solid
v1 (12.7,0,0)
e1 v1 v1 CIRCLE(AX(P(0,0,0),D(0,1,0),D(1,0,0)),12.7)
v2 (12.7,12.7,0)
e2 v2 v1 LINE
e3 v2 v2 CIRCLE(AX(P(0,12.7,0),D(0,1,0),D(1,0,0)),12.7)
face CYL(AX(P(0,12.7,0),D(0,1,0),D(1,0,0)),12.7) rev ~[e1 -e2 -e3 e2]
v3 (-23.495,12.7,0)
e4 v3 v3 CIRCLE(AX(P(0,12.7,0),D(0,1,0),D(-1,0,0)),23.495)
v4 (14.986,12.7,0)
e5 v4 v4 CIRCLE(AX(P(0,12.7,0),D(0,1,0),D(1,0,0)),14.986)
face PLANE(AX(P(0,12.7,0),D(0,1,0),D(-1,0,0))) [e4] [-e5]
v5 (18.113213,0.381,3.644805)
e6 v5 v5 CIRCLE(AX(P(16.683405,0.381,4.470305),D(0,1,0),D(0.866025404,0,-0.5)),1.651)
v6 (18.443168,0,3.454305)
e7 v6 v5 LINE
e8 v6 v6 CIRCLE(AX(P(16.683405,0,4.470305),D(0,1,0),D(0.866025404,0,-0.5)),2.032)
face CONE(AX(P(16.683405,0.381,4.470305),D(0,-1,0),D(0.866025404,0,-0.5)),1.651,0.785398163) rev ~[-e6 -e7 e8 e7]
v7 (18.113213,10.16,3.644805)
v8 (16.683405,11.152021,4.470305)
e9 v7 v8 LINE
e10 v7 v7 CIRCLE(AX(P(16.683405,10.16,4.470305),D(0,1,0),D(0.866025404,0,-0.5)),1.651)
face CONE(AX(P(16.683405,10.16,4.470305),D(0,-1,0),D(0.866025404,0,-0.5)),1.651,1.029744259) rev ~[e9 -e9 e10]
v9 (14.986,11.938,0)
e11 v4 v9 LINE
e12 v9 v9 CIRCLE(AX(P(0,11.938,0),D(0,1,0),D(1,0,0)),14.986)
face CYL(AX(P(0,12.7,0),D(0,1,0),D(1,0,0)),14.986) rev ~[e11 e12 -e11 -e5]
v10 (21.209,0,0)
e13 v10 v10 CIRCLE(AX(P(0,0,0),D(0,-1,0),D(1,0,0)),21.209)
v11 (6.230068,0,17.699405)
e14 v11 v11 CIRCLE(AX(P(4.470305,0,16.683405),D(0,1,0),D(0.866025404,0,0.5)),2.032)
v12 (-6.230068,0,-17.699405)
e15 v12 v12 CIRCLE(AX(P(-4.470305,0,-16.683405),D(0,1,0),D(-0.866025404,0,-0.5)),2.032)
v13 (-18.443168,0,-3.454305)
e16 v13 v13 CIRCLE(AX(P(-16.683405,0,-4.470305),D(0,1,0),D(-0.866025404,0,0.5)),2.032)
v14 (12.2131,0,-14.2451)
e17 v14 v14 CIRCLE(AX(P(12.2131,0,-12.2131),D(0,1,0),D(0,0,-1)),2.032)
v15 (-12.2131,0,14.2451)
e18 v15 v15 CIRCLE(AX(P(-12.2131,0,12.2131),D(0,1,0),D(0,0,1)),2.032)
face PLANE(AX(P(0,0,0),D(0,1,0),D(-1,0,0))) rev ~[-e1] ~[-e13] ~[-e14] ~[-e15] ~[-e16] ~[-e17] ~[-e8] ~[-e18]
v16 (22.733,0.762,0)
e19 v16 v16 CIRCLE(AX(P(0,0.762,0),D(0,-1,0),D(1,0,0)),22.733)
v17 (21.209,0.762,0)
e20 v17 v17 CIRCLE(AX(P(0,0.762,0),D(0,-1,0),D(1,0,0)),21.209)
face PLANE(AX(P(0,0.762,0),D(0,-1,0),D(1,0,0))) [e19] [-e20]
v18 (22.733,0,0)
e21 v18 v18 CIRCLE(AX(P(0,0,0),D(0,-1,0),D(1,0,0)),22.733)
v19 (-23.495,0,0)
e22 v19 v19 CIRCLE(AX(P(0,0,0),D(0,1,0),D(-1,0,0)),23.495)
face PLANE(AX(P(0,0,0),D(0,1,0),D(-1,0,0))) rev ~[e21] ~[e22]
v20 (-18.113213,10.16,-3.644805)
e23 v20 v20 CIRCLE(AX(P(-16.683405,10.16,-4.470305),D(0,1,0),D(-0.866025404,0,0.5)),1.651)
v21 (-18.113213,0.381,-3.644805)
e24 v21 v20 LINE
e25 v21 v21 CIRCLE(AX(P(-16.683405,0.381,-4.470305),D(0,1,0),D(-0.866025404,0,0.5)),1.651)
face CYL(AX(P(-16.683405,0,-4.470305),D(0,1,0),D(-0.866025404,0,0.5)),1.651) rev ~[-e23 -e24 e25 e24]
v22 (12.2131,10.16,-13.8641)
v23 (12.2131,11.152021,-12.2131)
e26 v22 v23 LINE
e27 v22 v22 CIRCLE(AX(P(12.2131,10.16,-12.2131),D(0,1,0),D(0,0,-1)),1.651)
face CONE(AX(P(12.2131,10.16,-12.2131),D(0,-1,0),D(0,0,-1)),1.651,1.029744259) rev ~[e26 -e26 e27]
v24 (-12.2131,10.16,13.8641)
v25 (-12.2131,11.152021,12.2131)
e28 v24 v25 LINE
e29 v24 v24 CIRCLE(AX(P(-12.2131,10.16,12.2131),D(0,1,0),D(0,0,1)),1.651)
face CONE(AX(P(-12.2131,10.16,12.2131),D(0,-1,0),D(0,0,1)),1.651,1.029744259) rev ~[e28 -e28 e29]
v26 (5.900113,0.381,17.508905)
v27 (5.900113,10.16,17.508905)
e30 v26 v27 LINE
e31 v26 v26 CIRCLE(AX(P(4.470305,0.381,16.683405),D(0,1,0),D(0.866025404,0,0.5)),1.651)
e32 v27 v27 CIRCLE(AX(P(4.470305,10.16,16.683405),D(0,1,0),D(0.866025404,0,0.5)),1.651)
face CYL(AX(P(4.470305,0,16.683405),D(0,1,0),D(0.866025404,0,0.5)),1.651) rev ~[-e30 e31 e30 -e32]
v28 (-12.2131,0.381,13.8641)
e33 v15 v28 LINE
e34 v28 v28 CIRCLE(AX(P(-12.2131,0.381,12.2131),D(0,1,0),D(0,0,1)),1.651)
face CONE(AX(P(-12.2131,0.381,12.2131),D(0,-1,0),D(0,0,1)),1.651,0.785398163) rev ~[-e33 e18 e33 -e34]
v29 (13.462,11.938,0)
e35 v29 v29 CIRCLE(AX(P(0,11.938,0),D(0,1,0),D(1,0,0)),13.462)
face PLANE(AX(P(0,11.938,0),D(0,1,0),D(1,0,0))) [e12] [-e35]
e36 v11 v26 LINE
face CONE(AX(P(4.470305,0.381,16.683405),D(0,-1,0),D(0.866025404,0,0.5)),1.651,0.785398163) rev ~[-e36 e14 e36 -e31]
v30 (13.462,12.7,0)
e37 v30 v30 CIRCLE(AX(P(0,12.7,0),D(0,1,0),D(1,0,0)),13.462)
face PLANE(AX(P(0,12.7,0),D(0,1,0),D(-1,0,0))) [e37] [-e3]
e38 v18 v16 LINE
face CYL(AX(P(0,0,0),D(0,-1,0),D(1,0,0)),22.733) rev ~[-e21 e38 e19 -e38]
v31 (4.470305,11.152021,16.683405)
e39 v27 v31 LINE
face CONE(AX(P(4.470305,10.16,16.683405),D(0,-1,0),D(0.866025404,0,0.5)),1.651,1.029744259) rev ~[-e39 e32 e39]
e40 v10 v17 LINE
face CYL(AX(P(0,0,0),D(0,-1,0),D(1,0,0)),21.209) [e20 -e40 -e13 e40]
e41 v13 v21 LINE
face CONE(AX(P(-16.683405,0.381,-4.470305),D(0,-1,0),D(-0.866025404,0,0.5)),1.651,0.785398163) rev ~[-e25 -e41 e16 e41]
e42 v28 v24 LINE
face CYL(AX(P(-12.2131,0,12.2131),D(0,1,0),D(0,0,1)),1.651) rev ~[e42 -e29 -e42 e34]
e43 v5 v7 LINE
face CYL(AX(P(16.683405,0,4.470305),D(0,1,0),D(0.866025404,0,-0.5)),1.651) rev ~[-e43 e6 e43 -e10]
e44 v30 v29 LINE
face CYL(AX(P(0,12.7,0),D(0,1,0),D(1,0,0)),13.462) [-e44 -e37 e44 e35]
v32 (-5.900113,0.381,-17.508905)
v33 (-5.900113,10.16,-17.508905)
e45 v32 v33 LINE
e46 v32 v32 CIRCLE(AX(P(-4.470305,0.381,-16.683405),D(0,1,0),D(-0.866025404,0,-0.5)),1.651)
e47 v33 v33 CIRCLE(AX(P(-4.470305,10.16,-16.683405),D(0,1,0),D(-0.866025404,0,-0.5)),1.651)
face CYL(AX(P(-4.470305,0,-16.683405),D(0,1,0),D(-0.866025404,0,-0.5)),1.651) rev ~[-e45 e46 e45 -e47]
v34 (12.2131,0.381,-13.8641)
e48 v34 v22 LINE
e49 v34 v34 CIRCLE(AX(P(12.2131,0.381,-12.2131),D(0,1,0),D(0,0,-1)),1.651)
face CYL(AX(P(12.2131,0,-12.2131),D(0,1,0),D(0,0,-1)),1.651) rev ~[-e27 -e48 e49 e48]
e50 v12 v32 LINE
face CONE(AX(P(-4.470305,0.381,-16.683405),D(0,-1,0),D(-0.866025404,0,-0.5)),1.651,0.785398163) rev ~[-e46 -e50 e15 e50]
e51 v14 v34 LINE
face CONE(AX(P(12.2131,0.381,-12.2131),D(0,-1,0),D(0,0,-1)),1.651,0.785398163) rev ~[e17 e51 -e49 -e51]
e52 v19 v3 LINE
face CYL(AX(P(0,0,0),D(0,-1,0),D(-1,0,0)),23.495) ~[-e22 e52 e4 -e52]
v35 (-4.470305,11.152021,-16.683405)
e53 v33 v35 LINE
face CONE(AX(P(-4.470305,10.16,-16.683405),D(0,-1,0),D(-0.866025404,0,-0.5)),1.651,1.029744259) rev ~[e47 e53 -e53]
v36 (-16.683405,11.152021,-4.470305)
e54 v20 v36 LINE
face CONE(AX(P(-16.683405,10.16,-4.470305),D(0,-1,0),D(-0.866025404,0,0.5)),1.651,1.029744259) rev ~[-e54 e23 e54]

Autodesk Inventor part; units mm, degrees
ref_plane "YZ Plane" through (0, 0, 0) normal (1, 0, 0) x (0, 1, 0)
ref_plane "XZ Plane" through (0, 0, 0) normal (0, 1, 0) x (-1, 0, 0)
ref_plane "XY Plane" through (0, 0, 0) normal (0, 0, 1) x (1, 0, 0)
sketch "Sketch1" plane through (0, 0, 0) normal (0, 1, 0) x (-1, 0, 0)
  circle A0 centre (0, 0) radius 23.495
  dimension "d0" = 46.99
extrude "Extrusion1" add sketch "Sketch1" along normal blind 12.7
sketch "Sketch2" plane through (0, 0, 0) normal (0, -1, 0) x (1, 0, 0)
  circle A0 centre (0, 0) radius 22.733
  circle A1 centre (0, 0) radius 23.495 projected
  circle A2 centre (0, 0) radius 21.209
  dimension "d3" = 0.762
  dimension "d4" = 1.524
extrude "Extrusion2" cut sketch "Sketch2" against normal blind 0.762 contours A0
sketch "Sketch3" plane through (0, 12.7, 0) normal (0, 1, 0) x (1, 0, 0)
  circle A0 centre (0, 0) radius 12.7
  dimension "d7" = 25.4
extrude "Extrusion3" cut sketch "Sketch3" against normal up to surface (12.7 mm away)
sketch "Sketch4" plane through (0, 12.7, 0) normal (0, 1, 0) x (1, 0, 0)
  circle A0 centre (0, 0) radius 13.462
  circle A1 centre (0, 0) radius 12.7 projected
  circle A2 centre (0, 0) radius 14.986
  dimension "d10" = 0.762
  dimension "d11" = 1.524
extrude "Extrusion4" cut sketch "Sketch4" against normal blind 0.762 contours A2
sketch "Sketch5" plane through (0, 0, 0) normal (0, -1, 0) x (1, 0, 0)
  line L0 (0, 0) -> (12.2131, -12.2131) construction
  line L1 (0, 0) -> (17.272, 0) construction
  dimension "d14" = 17.272
  dimension "d15" = 45
hole "Hole1" at (12.2131, 0, -12.2131) direction (0, 1, 0) diameter 3.302 depth 10.16 tip angle 118 thread size "8-32 UNC" class "2B" standard "ANSI Unified Screw Threads"
chamfer "Chamfer1" distance 0.381 angle 45 1 edges at (12.2131, 0, -10.5621)
pattern_circular "Circular Pattern1" count 6 over 360 about axis through (0, 0, 0) along (0, 1, 0) of "Hole1", "Chamfer1"
properties part number "adapter" material "Stainless Steel"
